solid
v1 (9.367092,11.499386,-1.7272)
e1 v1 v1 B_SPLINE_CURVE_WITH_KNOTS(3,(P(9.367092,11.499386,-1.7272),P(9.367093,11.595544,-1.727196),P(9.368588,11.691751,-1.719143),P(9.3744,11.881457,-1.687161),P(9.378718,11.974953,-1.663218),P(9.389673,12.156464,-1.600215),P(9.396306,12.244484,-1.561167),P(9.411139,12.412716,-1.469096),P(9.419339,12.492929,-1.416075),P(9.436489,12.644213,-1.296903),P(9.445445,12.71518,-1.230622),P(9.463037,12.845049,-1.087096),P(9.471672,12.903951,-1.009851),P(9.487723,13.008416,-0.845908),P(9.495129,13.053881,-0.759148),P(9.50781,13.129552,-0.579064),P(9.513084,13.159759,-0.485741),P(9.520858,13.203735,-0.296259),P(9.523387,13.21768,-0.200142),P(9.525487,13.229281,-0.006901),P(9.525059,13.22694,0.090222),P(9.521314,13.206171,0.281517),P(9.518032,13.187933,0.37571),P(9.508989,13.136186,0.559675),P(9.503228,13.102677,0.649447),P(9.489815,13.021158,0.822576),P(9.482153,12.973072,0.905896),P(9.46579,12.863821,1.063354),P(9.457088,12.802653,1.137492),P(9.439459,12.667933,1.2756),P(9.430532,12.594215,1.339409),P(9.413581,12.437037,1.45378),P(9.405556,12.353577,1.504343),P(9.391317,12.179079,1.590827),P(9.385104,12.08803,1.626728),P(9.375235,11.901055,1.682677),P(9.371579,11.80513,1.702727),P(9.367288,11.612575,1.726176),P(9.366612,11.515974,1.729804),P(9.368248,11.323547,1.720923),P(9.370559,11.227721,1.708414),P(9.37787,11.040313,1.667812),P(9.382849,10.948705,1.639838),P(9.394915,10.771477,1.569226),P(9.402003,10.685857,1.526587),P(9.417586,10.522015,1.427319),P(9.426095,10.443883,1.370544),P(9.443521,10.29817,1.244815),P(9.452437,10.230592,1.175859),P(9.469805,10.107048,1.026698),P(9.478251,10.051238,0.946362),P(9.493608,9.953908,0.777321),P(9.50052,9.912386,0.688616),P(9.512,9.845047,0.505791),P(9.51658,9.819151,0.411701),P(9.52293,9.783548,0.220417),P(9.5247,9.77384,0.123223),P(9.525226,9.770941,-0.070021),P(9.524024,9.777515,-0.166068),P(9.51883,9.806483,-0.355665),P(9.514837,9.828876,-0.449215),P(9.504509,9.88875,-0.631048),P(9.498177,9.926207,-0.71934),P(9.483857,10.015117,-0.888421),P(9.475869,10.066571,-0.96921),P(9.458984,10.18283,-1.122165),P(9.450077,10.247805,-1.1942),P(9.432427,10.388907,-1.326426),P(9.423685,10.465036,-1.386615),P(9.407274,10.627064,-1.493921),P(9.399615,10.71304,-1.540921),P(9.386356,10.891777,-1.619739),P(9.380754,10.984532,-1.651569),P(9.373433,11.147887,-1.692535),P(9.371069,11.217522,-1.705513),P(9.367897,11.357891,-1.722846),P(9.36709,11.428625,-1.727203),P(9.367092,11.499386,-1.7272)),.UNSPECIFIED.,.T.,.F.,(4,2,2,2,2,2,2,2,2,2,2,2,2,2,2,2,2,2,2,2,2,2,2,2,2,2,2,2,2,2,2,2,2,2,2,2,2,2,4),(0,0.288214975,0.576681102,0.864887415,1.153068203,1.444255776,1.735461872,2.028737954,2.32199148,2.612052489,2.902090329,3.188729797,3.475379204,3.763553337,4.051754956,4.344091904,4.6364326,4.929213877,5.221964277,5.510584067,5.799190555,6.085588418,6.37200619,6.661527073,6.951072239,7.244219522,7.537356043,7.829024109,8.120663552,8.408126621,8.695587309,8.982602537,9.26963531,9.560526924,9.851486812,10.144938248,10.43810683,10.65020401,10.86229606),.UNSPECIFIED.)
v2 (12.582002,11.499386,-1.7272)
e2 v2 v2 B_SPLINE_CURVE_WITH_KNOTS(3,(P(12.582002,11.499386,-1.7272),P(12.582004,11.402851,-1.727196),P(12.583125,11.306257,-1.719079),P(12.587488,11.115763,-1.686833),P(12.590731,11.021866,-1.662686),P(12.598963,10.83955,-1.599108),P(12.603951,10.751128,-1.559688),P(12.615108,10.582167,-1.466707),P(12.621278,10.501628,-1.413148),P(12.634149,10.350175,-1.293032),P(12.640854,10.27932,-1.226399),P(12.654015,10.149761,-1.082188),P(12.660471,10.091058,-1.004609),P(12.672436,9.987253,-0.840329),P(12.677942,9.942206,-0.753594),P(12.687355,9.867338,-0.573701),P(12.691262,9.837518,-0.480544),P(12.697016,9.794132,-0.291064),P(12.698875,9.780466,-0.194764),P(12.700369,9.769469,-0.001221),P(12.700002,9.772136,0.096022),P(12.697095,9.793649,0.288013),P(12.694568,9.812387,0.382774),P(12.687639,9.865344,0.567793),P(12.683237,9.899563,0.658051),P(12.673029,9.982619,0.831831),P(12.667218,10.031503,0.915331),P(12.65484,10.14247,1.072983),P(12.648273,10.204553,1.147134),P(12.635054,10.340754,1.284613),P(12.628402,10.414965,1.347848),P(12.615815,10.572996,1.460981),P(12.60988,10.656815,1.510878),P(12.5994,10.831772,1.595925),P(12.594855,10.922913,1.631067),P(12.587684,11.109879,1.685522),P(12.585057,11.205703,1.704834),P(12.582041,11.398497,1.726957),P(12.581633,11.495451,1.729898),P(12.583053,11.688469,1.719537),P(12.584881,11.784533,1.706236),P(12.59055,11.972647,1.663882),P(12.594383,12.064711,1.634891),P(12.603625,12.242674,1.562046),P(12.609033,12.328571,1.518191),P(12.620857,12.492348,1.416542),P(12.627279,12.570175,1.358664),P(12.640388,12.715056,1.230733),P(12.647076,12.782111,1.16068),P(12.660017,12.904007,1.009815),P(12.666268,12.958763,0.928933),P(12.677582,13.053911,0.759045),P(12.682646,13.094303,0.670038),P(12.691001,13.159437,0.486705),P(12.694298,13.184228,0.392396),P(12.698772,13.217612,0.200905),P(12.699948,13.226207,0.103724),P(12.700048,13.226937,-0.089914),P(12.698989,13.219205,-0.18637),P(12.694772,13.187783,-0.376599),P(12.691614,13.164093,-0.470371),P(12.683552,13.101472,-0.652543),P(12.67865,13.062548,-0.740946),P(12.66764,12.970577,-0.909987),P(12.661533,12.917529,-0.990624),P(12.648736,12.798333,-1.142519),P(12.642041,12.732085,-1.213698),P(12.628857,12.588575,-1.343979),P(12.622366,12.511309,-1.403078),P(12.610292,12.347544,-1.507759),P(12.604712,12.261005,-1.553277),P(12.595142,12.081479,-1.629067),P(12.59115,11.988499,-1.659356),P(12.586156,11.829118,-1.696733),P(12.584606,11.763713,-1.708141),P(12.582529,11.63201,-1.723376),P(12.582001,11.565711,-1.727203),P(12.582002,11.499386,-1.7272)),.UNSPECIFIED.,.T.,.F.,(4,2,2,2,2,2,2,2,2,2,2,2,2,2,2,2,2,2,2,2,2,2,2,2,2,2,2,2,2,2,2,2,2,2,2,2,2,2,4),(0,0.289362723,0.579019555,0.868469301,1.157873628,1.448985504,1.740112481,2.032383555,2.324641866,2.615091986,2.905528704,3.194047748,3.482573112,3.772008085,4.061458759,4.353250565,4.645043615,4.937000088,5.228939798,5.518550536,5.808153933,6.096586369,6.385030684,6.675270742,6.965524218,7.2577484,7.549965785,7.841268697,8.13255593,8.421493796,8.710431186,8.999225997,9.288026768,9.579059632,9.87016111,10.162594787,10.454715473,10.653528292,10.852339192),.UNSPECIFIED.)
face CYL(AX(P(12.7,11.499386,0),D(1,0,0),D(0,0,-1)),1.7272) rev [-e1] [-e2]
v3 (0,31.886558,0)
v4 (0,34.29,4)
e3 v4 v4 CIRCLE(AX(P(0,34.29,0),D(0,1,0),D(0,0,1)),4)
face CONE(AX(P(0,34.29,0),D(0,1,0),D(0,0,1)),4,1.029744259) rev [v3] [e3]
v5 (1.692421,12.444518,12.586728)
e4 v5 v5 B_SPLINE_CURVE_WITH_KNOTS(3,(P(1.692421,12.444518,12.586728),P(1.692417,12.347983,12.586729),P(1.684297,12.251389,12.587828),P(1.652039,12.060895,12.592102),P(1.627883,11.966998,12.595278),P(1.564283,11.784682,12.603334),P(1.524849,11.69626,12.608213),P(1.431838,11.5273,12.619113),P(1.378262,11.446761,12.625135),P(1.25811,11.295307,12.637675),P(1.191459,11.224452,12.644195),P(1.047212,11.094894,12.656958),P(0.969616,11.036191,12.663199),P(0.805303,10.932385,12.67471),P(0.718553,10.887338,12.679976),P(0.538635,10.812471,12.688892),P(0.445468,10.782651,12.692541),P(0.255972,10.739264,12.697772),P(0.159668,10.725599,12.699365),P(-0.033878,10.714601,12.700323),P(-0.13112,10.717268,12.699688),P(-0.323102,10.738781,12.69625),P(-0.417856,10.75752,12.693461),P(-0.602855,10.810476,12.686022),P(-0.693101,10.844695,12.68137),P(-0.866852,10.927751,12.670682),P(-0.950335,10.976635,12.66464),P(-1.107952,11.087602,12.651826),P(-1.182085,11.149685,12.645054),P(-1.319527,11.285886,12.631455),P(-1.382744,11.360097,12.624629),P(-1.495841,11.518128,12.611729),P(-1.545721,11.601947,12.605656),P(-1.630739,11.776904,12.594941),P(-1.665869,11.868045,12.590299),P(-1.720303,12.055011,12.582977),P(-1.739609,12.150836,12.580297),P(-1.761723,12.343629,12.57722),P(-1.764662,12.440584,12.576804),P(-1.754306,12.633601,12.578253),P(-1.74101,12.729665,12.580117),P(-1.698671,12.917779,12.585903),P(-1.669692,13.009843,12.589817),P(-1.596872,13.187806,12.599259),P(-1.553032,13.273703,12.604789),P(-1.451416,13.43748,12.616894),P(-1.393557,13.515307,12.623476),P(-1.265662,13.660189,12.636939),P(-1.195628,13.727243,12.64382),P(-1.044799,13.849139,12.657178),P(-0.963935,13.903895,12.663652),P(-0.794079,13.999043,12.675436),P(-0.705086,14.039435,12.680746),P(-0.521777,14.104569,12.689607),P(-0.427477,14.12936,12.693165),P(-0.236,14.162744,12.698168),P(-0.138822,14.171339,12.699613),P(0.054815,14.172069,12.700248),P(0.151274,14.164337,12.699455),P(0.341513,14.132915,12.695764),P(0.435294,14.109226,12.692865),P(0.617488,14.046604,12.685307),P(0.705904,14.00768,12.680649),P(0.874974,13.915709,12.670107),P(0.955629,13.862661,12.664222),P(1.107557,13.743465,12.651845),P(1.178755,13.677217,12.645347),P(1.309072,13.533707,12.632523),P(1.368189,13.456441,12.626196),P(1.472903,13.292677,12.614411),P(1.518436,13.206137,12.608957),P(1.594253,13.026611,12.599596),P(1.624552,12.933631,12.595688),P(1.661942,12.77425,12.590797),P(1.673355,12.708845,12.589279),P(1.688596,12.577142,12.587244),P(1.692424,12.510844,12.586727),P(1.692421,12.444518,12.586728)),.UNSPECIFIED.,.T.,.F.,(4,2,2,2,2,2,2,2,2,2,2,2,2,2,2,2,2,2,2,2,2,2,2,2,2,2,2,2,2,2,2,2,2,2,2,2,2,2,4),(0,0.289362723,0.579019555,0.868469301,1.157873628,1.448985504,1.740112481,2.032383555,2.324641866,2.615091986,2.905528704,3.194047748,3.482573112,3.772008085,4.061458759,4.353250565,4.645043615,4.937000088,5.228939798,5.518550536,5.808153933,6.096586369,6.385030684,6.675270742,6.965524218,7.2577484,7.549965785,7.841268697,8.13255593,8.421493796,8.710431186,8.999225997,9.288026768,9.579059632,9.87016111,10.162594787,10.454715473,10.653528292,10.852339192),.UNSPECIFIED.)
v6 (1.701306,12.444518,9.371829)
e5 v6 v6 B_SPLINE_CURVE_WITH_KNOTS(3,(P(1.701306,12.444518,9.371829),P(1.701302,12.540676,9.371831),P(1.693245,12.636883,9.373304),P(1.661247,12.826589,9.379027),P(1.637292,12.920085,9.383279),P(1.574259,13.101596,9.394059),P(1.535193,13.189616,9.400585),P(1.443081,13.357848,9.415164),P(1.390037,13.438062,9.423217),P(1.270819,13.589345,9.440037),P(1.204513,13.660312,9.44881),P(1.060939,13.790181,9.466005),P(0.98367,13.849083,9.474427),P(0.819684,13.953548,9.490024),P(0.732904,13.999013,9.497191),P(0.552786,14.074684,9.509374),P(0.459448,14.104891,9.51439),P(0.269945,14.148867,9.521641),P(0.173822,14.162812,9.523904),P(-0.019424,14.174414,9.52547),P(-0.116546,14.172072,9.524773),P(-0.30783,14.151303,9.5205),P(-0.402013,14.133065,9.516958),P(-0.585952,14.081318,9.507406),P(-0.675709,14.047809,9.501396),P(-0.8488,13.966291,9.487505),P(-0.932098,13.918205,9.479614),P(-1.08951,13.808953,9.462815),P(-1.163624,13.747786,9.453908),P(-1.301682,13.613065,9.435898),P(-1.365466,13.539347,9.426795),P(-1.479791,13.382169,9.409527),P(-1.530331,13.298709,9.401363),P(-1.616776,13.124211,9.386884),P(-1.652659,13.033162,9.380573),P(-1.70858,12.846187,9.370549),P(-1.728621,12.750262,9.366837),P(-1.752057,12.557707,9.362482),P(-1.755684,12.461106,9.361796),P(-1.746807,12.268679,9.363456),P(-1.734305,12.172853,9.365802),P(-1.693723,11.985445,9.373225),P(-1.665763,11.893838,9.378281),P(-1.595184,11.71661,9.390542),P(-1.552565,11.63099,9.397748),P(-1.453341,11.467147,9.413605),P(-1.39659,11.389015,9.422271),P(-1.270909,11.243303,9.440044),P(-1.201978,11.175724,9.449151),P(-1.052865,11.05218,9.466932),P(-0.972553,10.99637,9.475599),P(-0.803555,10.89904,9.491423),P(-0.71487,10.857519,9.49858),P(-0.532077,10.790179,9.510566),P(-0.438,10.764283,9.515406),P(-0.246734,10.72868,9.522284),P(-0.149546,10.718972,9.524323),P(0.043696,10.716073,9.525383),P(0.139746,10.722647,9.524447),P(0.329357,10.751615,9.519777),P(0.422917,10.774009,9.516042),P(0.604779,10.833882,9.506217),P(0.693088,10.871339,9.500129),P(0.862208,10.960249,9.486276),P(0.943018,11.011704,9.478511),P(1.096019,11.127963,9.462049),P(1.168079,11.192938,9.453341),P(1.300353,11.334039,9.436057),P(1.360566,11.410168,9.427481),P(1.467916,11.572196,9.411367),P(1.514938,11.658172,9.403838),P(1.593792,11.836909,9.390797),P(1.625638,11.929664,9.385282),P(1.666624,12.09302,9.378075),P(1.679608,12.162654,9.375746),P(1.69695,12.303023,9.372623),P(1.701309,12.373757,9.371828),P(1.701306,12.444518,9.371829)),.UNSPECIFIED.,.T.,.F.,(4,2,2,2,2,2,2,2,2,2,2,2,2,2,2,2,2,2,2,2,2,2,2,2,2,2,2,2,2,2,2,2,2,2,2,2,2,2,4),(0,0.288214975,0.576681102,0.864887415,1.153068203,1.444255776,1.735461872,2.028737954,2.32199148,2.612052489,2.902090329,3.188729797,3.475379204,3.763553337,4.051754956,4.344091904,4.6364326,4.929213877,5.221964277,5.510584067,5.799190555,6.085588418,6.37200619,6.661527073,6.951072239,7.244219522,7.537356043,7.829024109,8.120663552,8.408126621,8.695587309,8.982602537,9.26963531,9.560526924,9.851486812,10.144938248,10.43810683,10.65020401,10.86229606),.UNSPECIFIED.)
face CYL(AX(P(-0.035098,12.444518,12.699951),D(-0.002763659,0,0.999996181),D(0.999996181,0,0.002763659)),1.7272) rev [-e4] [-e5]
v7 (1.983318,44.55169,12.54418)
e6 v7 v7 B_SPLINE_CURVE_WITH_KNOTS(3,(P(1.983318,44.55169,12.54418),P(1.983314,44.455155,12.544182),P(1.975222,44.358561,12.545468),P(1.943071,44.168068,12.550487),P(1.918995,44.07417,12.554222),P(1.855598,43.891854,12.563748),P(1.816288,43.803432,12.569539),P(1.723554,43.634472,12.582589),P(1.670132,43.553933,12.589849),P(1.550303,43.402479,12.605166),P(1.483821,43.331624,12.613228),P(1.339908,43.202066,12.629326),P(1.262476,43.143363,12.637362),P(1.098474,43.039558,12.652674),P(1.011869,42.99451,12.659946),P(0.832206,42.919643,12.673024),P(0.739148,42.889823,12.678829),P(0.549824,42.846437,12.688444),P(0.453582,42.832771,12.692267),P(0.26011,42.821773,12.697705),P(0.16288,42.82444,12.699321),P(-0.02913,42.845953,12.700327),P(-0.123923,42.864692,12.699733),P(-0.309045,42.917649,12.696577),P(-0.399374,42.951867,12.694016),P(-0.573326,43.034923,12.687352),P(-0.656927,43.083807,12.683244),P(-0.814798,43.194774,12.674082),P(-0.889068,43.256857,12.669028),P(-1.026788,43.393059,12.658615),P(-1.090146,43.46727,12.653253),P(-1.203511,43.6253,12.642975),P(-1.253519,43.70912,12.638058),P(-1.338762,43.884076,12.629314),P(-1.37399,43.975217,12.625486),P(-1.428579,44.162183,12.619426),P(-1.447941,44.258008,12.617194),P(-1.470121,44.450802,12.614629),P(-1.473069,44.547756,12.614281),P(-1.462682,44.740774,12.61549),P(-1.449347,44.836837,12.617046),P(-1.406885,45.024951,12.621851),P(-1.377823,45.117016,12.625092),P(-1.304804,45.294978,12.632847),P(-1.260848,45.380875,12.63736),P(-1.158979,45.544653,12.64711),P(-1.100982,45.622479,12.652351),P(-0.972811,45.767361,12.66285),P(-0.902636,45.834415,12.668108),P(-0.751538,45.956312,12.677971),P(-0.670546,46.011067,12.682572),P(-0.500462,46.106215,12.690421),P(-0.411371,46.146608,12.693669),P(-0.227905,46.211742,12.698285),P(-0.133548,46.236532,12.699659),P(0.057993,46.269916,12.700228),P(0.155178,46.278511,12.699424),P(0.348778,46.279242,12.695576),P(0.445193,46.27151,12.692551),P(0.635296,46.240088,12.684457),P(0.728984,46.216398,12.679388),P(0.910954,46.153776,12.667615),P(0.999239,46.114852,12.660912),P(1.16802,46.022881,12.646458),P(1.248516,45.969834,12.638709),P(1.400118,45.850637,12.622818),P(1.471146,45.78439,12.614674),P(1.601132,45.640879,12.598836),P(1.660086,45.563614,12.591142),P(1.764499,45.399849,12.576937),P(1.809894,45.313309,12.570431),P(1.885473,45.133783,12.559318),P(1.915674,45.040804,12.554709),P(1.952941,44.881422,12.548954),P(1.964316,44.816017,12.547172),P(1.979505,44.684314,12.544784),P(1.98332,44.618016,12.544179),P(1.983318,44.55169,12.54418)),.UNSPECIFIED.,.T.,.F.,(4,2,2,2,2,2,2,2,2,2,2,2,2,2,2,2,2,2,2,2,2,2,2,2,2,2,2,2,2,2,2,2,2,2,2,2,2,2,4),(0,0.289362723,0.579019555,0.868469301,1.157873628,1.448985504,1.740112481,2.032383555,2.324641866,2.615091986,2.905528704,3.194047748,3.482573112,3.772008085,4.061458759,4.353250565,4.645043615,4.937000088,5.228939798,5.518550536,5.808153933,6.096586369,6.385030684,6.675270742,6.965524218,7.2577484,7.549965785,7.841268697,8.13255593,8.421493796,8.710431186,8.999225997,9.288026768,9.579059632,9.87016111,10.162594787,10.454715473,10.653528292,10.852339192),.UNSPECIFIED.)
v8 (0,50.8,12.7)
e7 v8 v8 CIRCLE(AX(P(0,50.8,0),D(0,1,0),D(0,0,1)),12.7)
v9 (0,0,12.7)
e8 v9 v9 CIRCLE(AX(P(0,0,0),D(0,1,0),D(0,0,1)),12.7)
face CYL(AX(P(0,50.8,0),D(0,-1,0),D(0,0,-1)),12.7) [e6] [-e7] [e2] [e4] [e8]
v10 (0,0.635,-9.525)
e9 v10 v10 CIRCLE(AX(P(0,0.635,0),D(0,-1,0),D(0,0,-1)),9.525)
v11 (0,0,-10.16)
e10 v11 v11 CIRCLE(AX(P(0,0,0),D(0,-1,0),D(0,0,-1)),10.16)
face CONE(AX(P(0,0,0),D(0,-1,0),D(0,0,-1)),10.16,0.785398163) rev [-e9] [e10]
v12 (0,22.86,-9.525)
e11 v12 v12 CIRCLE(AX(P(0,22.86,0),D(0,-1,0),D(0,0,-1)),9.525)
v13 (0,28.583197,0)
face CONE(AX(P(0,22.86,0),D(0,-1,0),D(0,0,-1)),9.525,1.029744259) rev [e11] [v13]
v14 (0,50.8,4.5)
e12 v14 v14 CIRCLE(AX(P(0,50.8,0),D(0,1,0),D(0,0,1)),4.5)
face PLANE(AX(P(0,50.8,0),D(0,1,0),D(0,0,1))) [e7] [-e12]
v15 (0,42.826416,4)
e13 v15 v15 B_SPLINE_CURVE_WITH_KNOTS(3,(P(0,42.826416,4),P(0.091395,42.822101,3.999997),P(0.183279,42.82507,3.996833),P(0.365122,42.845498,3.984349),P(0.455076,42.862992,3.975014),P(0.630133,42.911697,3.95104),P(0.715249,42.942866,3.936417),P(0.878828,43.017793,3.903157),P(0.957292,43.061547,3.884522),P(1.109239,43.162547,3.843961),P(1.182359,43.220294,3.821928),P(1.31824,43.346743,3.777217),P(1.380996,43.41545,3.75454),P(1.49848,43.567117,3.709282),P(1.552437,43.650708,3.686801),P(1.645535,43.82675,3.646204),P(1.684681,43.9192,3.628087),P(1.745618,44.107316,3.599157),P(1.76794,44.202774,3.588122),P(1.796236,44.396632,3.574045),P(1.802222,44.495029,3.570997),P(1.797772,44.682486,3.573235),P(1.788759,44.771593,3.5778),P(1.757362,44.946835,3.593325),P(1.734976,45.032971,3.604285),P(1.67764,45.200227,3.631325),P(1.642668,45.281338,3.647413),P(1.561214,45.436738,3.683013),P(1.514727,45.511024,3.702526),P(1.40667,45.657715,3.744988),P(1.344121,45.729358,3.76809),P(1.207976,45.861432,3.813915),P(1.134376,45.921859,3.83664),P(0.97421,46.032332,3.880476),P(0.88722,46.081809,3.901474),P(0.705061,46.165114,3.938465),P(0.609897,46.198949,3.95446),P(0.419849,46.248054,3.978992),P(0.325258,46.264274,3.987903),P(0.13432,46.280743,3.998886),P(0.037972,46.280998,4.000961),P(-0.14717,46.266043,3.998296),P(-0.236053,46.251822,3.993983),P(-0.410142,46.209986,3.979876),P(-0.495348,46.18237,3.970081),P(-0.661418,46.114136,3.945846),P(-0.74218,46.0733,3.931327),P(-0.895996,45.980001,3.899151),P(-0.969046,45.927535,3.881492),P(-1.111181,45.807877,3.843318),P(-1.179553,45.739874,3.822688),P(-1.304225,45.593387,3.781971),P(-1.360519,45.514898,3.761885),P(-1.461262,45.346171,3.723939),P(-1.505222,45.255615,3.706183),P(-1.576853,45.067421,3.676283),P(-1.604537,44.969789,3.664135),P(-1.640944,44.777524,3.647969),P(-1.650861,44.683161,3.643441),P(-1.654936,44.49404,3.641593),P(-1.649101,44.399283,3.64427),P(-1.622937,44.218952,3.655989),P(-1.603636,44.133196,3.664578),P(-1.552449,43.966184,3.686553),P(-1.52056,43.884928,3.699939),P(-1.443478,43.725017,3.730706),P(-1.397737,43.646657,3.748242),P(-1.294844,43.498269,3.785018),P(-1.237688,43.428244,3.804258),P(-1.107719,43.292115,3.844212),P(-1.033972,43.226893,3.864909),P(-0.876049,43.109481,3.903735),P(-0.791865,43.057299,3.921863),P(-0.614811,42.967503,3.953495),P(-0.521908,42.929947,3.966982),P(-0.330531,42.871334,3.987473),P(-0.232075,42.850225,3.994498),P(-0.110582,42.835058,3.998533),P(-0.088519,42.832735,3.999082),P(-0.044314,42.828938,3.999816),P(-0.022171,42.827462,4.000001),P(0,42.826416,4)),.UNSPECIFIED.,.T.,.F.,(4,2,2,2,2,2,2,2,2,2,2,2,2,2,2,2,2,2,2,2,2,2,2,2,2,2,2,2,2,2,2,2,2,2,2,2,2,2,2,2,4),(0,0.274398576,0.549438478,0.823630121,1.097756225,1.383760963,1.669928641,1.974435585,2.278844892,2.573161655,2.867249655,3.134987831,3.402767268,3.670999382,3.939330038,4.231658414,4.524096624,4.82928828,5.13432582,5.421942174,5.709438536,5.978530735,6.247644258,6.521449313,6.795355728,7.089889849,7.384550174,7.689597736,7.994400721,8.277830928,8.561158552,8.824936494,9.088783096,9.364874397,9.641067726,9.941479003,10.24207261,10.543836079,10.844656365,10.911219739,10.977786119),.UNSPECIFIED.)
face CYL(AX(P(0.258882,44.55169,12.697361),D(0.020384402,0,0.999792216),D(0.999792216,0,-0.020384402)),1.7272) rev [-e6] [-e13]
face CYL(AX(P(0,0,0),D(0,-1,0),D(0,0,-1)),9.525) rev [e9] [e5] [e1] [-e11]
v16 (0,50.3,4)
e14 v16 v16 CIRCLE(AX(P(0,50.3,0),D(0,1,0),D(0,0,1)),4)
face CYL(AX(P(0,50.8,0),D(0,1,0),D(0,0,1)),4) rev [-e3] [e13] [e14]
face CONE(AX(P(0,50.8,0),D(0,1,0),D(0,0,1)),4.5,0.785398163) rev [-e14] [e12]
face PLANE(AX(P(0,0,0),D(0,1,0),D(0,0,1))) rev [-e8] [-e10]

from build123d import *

# Parameters (mm, degrees)
SKETCH1_R                             = 12.7
BOSS_EXTRUDE1_DEPTH                   = 50.8
F_8_0_8_DIAMETER_HOLE1_D              = 8
F_8_0_8_DIAMETER_HOLE1_DEPTH          = 16.51
F_8_0_8_DIAMETER_HOLE1_CSINK_D        = 9
F_8_0_8_DIAMETER_HOLE1_CSINK_ANGLE    = 90
F_8_0_8_DIAMETER_HOLE1_TIP            = 2.403442476
F_8_32_TAPPED_HOLE1_REACH             = 54.894
F_8_32_TAPPED_HOLE1_BORE_R            = 1.7272
F_3_4_0_75_DIAMETER_HOLE1_D           = 19.05
F_3_4_0_75_DIAMETER_HOLE1_DEPTH       = 22.86
F_3_4_0_75_DIAMETER_HOLE1_CSINK_D     = 20.32
F_3_4_0_75_DIAMETER_HOLE1_CSINK_ANGLE = 90
F_3_4_0_75_DIAMETER_HOLE1_TIP         = 5.723197396
TAP_DRILL_FOR_8_32_TAP1_REACH         = 49.733
TAP_DRILL_FOR_8_32_TAP1_BORE_R        = 1.7272
TAP_DRILL_FOR_8_32_TAP2_REACH         = 50.487
TAP_DRILL_FOR_8_32_TAP2_BORE_R        = 1.7272


with BuildPart() as part:
    # Sketch1 → Boss-Extrude1 (new body)
    with BuildSketch(Plane(origin=(0, 0, 0), x_dir=(1, 0, 0), z_dir=(0, 1, 0))):
        with Locations(Location((0, 0, 0), (0, 0, 270))):
            Circle(SKETCH1_R)
    extrude(amount=BOSS_EXTRUDE1_DEPTH)

    # Ø8.0 (8) Diameter Hole1
    with Locations(Plane(origin=(0, 50.8, 0), x_dir=(1, 0, 0), z_dir=(0, 1, 0))):
        with Locations((0, 0)):
            CounterSinkHole(F_8_0_8_DIAMETER_HOLE1_D / 2, F_8_0_8_DIAMETER_HOLE1_CSINK_D / 2, depth=F_8_0_8_DIAMETER_HOLE1_DEPTH, counter_sink_angle=F_8_0_8_DIAMETER_HOLE1_CSINK_ANGLE)
            with Locations((0, 0, -(F_8_0_8_DIAMETER_HOLE1_DEPTH + F_8_0_8_DIAMETER_HOLE1_TIP / 2))):  # 118° drill point
                Cone(0, F_8_0_8_DIAMETER_HOLE1_D / 2, F_8_0_8_DIAMETER_HOLE1_TIP, mode=Mode.SUBTRACT)

    # #8-32 Tapped Hole1 bore (on position points) → #8-32 Tapped Hole1 (cut, up to next)
    with BuildSketch(Plane(origin=(0.258881907, 44.551690017, 12.697361149), x_dir=(0.999792216488, 0, -0.020384402145), z_dir=(0.020384402145, 0, 0.999792216488)), mode=Mode.PRIVATE) as f_8_32_tapped_hole1_sk1:
        Circle(F_8_32_TAPPED_HOLE1_BORE_R)
    f_8_32_tapped_hole1_tool1 = extrude(f_8_32_tapped_hole1_sk1.sketch, amount=-F_8_32_TAPPED_HOLE1_REACH, mode=Mode.PRIVATE) & part.part
    add(f_8_32_tapped_hole1_tool1.solids().sort_by_distance((0.258882, 44.55169, 12.697361))[0], mode=Mode.SUBTRACT)

    # 3/4 (0.75) Diameter Hole1
    with Locations(Plane(origin=(0, 0, 0), x_dir=(-1, 0, 0), z_dir=(0, -1, 0))):
        with Locations((0, 0)):
            CounterSinkHole(F_3_4_0_75_DIAMETER_HOLE1_D / 2, F_3_4_0_75_DIAMETER_HOLE1_CSINK_D / 2, depth=F_3_4_0_75_DIAMETER_HOLE1_DEPTH, counter_sink_angle=F_3_4_0_75_DIAMETER_HOLE1_CSINK_ANGLE)
            with Locations((0, 0, -(F_3_4_0_75_DIAMETER_HOLE1_DEPTH + F_3_4_0_75_DIAMETER_HOLE1_TIP / 2))):  # 118° drill point
                Cone(0, F_3_4_0_75_DIAMETER_HOLE1_D / 2, F_3_4_0_75_DIAMETER_HOLE1_TIP, mode=Mode.SUBTRACT)

    # Tap Drill for #8-32 Tap1 bore (on position points) → Tap Drill for #8-32 Tap1 (cut, up to next)
    with BuildSketch(Plane(origin=(-0.035098468, 12.444517797, 12.6999515), x_dir=(0.999996181087, 0, 0.002763658925), z_dir=(-0.002763658925, 0, 0.999996181087)), mode=Mode.PRIVATE) as tap_drill_for_8_32_tap1_sk1:
        Circle(TAP_DRILL_FOR_8_32_TAP1_BORE_R)
    tap_drill_for_8_32_tap1_tool1 = extrude(tap_drill_for_8_32_tap1_sk1.sketch, amount=-TAP_DRILL_FOR_8_32_TAP1_REACH, mode=Mode.PRIVATE) & part.part
    add(tap_drill_for_8_32_tap1_tool1.solids().sort_by_distance((-0.035098, 12.444518, 12.699951))[0], mode=Mode.SUBTRACT)

    # Tap Drill for #8-32 Tap2 bore (on position points) → Tap Drill for #8-32 Tap2 (cut, up to next)
    with BuildSketch(Plane(origin=(12.7, 11.499385571, 0), x_dir=(0, 0, 1), z_dir=(1, 0, 0)), mode=Mode.PRIVATE) as tap_drill_for_8_32_tap2_sk1:
        Circle(TAP_DRILL_FOR_8_32_TAP2_BORE_R)
    tap_drill_for_8_32_tap2_tool1 = extrude(tap_drill_for_8_32_tap2_sk1.sketch, amount=-TAP_DRILL_FOR_8_32_TAP2_REACH, mode=Mode.PRIVATE) & part.part
    add(tap_drill_for_8_32_tap2_tool1.solids().sort_by_distance((12.7, 11.499386, 0))[0], mode=Mode.SUBTRACT)


solid = part.part
